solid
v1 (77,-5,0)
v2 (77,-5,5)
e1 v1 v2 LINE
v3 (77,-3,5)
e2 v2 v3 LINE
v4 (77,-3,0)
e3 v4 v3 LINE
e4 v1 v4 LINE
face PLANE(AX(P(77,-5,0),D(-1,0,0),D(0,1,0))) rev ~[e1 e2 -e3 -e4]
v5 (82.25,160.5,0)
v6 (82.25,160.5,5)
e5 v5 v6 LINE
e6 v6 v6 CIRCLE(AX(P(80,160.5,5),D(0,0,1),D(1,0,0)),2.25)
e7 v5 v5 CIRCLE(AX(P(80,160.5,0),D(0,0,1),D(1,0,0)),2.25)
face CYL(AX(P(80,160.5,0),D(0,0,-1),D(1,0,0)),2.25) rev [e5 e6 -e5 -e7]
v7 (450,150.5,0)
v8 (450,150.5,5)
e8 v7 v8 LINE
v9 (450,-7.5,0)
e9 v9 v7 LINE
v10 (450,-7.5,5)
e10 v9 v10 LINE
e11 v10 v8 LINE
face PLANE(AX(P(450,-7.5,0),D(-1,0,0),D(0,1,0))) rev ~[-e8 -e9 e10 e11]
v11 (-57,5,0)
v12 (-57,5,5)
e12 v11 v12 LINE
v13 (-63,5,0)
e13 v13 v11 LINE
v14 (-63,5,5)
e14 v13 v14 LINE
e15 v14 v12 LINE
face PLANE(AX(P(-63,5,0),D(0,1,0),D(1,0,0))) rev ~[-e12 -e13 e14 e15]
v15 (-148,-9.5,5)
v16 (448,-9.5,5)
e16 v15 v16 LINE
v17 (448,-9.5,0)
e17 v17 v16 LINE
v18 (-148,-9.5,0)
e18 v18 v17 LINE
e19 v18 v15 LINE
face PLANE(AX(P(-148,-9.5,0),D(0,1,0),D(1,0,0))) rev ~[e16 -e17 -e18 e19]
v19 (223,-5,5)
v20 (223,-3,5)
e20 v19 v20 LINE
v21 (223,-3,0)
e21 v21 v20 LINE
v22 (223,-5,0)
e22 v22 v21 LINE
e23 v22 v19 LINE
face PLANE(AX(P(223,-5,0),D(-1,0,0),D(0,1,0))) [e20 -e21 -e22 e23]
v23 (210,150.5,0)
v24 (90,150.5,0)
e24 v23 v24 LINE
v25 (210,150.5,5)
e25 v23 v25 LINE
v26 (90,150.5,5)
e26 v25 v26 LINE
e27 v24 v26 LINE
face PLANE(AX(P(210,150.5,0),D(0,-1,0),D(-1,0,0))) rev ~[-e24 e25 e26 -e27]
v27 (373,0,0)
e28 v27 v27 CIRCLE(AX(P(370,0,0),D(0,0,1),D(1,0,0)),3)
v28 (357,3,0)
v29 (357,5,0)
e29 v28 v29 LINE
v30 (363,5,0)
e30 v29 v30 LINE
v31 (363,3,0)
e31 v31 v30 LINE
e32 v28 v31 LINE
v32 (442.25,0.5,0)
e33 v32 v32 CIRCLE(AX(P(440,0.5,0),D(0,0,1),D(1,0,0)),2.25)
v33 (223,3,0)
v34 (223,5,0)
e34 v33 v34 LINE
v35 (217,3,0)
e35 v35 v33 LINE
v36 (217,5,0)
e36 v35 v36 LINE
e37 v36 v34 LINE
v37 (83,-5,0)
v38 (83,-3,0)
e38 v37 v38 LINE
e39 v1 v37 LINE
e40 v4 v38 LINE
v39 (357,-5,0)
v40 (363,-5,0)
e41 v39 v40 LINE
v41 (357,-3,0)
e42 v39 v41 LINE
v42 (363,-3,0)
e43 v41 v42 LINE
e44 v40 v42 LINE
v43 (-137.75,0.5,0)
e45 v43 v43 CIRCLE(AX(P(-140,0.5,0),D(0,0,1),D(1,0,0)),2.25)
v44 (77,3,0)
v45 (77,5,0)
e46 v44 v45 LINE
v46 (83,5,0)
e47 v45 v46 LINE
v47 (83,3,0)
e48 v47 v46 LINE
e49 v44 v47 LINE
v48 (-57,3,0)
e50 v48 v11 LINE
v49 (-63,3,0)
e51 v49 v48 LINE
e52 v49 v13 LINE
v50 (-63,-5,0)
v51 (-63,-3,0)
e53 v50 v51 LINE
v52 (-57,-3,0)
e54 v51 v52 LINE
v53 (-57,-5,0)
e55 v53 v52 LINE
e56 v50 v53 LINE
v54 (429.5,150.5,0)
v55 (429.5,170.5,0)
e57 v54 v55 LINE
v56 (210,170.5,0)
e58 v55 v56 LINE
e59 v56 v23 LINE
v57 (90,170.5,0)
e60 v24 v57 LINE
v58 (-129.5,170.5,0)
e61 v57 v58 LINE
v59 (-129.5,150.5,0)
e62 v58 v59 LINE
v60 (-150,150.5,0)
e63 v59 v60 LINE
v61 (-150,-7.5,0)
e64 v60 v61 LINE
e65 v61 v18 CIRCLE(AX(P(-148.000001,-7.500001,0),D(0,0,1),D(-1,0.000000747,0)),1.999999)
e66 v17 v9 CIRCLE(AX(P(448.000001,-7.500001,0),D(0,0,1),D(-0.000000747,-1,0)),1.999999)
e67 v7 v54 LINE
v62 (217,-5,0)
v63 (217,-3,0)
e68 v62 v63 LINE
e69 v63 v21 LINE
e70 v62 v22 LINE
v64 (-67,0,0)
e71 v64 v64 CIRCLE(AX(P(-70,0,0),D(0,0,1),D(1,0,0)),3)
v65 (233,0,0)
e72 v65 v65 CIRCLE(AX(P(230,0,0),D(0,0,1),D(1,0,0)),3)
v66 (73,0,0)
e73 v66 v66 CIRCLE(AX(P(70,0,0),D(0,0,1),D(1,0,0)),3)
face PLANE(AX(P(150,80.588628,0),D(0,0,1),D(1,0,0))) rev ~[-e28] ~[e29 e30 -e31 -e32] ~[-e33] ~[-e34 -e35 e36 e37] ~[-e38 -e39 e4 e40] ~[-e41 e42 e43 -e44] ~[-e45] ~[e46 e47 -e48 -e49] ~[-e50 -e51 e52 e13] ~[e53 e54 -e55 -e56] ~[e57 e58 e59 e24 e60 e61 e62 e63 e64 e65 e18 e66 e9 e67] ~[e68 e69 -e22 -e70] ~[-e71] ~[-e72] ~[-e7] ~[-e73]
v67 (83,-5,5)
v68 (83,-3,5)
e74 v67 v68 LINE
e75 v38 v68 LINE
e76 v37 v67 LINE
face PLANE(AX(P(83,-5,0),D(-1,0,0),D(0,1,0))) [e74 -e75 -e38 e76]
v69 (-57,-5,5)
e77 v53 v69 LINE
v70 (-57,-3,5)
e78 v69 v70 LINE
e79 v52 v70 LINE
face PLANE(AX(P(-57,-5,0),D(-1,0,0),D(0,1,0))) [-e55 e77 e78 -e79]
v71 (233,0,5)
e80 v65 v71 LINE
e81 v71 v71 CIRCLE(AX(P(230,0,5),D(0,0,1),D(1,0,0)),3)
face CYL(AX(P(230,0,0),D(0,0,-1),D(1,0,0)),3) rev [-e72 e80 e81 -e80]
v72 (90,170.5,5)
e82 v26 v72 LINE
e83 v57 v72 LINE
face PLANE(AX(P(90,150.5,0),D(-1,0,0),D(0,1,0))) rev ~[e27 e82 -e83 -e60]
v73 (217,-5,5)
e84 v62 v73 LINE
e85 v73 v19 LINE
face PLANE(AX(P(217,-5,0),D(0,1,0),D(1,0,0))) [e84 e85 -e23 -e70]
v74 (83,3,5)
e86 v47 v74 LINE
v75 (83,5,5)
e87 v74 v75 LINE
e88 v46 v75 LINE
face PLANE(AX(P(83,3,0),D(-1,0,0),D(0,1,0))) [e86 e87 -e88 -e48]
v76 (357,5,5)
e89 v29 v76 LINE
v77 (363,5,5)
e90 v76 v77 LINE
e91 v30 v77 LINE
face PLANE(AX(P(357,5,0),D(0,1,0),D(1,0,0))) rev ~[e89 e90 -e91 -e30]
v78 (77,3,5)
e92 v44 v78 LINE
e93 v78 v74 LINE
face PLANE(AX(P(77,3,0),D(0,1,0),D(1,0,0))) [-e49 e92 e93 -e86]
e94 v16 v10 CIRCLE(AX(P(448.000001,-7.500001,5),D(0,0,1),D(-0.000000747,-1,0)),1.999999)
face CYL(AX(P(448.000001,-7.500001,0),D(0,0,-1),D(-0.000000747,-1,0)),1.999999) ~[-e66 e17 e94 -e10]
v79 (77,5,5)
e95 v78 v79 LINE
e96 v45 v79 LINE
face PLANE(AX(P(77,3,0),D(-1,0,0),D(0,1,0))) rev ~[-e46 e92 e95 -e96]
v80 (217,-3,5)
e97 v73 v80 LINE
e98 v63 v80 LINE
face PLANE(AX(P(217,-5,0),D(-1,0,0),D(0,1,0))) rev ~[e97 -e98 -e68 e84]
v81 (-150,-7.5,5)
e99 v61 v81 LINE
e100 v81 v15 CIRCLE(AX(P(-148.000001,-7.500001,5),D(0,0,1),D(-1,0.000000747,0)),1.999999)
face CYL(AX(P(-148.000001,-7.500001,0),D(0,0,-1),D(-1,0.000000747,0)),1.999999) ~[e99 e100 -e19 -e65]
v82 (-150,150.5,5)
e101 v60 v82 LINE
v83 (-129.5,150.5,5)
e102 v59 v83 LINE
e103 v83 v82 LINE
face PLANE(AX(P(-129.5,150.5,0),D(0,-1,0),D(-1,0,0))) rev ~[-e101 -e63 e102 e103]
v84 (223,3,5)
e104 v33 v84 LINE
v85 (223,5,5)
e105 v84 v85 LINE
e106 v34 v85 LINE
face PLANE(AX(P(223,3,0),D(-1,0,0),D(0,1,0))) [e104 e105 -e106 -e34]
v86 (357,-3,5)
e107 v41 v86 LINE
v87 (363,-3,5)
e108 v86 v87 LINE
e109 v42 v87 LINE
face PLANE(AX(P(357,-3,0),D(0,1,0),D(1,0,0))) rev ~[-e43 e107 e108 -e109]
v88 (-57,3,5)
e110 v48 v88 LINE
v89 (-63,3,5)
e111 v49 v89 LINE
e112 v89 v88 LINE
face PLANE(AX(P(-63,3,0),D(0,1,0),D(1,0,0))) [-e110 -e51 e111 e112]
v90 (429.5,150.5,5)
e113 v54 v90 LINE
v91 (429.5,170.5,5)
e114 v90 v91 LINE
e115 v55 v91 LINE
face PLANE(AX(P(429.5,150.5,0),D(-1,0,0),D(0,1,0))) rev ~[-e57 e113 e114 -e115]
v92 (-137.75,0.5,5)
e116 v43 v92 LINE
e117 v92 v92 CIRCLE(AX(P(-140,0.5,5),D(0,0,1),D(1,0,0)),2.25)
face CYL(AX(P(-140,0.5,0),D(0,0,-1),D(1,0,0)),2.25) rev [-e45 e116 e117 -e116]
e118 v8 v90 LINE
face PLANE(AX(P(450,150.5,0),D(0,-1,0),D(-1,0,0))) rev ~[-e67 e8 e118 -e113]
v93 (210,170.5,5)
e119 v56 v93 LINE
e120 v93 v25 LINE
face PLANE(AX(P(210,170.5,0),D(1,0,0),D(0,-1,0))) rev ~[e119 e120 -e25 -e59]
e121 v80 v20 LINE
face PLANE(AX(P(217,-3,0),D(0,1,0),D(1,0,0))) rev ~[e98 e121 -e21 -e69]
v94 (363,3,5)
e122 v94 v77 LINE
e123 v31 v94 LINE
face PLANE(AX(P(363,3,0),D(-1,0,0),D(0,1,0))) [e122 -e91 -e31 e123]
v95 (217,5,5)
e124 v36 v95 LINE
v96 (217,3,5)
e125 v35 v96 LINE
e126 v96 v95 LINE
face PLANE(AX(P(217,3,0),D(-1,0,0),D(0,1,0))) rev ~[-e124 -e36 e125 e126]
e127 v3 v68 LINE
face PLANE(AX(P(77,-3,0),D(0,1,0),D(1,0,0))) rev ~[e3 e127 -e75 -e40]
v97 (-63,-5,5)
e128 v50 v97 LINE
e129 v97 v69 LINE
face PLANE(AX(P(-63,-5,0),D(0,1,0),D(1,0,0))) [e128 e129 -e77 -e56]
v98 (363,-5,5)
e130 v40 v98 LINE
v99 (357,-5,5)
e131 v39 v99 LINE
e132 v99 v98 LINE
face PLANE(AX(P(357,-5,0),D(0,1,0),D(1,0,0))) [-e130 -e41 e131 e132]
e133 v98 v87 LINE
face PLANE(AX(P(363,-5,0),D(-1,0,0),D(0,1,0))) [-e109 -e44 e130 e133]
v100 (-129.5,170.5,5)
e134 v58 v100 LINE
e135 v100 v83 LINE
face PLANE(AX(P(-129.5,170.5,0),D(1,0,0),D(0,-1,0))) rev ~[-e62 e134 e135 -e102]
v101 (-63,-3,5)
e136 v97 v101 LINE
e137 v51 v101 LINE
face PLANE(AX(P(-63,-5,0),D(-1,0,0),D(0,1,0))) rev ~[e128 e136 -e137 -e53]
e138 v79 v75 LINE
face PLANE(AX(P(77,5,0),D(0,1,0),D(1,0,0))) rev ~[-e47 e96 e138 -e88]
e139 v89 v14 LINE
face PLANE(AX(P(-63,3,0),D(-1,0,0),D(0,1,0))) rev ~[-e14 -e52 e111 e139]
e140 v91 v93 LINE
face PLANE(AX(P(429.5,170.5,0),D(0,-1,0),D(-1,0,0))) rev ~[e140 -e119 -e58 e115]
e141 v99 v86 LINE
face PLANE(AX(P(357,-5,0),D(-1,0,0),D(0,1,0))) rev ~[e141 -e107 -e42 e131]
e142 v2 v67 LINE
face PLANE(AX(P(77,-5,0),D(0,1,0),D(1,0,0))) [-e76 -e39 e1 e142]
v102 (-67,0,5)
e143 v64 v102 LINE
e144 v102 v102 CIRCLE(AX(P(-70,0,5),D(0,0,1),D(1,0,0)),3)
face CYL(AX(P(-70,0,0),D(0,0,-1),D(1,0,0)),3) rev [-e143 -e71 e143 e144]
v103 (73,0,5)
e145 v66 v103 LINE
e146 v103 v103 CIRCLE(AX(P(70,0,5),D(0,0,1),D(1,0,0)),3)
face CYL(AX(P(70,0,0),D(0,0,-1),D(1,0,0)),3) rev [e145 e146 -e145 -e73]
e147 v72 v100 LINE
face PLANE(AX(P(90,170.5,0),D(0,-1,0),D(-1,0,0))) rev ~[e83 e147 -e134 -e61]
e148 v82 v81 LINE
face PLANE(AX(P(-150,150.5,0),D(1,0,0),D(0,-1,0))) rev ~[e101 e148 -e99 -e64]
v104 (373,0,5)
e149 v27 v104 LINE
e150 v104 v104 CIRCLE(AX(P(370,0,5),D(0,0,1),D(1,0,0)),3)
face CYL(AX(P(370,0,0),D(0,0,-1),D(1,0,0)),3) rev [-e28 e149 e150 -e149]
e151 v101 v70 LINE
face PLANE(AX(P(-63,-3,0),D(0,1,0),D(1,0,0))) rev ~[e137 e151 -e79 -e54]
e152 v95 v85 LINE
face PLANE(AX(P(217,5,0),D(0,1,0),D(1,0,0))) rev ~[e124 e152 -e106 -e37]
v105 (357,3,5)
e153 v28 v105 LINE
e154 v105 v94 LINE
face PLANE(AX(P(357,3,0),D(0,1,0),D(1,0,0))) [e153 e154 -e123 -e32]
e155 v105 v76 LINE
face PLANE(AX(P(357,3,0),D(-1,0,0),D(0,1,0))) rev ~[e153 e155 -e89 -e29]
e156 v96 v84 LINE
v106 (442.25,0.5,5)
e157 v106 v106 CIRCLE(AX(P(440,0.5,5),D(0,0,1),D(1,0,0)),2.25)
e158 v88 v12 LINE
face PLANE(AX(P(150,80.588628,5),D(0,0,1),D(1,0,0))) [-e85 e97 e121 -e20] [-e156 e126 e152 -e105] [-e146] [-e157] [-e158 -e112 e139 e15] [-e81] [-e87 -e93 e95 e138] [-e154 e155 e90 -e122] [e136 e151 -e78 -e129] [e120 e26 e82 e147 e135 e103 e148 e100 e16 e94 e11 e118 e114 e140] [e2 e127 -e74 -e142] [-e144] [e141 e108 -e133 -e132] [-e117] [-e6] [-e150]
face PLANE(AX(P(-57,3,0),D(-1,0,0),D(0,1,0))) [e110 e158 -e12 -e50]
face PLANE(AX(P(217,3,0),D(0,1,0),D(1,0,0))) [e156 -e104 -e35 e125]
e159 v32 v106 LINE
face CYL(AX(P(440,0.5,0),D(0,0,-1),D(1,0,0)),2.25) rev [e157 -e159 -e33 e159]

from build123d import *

# Parameters (mm, degrees)
F0_R     = 2.25
F0_W     = 6
F0_H     = 2
F0_R_2   = 3
F1_DEPTH = 5


with BuildPart() as f1:
    # F0 (on Top) → F1 (new body)
    with BuildSketch(Plane.XY):
        with BuildLine():
            ThreePointArc((-150, -7.5), (-149.414214, -8.914214), (-148, -9.5))
            Line((-148, -9.5), (448, -9.5))
            ThreePointArc((448, -9.5), (449.414214, -8.914214), (450, -7.5))
            Line((450, -7.5), (450, 150.5))
            Line((450, 150.5), (429.5, 150.5))
            Line((429.5, 150.5), (429.5, 170.5))
            Line((429.5, 170.5), (210, 170.5))
            Line((210, 170.5), (210, 150.5))
            Line((210, 150.5), (90, 150.5))
            Line((90, 150.5), (90, 170.5))
            Line((90, 170.5), (-129.5, 170.5))
            Line((-129.5, 170.5), (-129.5, 150.5))
            Line((-129.5, 150.5), (-150, 150.5))
            Line((-150, 150.5), (-150, -7.5))
        make_face()
        with Locations((-140, 0.5)):
            Circle(F0_R, mode=Mode.SUBTRACT)
        with Locations((-60, -4)):
            Rectangle(F0_W, F0_H, mode=Mode.SUBTRACT)
        with Locations((-70, 0)):
            Circle(F0_R_2, mode=Mode.SUBTRACT)
        with Locations((-60, 4)):
            Rectangle(F0_W, F0_H, mode=Mode.SUBTRACT)
        with Locations((70, 0)):
            Circle(F0_R_2, mode=Mode.SUBTRACT)
        with Locations((80, -4)):
            Rectangle(F0_W, F0_H, mode=Mode.SUBTRACT)
        with Locations((80, 4)):
            Rectangle(F0_W, F0_H, mode=Mode.SUBTRACT)
        with Locations((220, -4)):
            Rectangle(F0_W, F0_H, mode=Mode.SUBTRACT)
        with Locations((220, 4)):
            Rectangle(F0_W, F0_H, mode=Mode.SUBTRACT)
        with Locations((230, 0)):
            Circle(F0_R_2, mode=Mode.SUBTRACT)
        with Locations((360, -4)):
            Rectangle(F0_W, F0_H, mode=Mode.SUBTRACT)
        with Locations((370, 0)):
            Circle(F0_R_2, mode=Mode.SUBTRACT)
        with Locations((360, 4)):
            Rectangle(F0_W, F0_H, mode=Mode.SUBTRACT)
        with Locations((440, 0.5)):
            Circle(F0_R, mode=Mode.SUBTRACT)
        with Locations((80, 160.5)):
            Circle(F0_R, mode=Mode.SUBTRACT)
    extrude(amount=F1_DEPTH)


solid = f1.part
